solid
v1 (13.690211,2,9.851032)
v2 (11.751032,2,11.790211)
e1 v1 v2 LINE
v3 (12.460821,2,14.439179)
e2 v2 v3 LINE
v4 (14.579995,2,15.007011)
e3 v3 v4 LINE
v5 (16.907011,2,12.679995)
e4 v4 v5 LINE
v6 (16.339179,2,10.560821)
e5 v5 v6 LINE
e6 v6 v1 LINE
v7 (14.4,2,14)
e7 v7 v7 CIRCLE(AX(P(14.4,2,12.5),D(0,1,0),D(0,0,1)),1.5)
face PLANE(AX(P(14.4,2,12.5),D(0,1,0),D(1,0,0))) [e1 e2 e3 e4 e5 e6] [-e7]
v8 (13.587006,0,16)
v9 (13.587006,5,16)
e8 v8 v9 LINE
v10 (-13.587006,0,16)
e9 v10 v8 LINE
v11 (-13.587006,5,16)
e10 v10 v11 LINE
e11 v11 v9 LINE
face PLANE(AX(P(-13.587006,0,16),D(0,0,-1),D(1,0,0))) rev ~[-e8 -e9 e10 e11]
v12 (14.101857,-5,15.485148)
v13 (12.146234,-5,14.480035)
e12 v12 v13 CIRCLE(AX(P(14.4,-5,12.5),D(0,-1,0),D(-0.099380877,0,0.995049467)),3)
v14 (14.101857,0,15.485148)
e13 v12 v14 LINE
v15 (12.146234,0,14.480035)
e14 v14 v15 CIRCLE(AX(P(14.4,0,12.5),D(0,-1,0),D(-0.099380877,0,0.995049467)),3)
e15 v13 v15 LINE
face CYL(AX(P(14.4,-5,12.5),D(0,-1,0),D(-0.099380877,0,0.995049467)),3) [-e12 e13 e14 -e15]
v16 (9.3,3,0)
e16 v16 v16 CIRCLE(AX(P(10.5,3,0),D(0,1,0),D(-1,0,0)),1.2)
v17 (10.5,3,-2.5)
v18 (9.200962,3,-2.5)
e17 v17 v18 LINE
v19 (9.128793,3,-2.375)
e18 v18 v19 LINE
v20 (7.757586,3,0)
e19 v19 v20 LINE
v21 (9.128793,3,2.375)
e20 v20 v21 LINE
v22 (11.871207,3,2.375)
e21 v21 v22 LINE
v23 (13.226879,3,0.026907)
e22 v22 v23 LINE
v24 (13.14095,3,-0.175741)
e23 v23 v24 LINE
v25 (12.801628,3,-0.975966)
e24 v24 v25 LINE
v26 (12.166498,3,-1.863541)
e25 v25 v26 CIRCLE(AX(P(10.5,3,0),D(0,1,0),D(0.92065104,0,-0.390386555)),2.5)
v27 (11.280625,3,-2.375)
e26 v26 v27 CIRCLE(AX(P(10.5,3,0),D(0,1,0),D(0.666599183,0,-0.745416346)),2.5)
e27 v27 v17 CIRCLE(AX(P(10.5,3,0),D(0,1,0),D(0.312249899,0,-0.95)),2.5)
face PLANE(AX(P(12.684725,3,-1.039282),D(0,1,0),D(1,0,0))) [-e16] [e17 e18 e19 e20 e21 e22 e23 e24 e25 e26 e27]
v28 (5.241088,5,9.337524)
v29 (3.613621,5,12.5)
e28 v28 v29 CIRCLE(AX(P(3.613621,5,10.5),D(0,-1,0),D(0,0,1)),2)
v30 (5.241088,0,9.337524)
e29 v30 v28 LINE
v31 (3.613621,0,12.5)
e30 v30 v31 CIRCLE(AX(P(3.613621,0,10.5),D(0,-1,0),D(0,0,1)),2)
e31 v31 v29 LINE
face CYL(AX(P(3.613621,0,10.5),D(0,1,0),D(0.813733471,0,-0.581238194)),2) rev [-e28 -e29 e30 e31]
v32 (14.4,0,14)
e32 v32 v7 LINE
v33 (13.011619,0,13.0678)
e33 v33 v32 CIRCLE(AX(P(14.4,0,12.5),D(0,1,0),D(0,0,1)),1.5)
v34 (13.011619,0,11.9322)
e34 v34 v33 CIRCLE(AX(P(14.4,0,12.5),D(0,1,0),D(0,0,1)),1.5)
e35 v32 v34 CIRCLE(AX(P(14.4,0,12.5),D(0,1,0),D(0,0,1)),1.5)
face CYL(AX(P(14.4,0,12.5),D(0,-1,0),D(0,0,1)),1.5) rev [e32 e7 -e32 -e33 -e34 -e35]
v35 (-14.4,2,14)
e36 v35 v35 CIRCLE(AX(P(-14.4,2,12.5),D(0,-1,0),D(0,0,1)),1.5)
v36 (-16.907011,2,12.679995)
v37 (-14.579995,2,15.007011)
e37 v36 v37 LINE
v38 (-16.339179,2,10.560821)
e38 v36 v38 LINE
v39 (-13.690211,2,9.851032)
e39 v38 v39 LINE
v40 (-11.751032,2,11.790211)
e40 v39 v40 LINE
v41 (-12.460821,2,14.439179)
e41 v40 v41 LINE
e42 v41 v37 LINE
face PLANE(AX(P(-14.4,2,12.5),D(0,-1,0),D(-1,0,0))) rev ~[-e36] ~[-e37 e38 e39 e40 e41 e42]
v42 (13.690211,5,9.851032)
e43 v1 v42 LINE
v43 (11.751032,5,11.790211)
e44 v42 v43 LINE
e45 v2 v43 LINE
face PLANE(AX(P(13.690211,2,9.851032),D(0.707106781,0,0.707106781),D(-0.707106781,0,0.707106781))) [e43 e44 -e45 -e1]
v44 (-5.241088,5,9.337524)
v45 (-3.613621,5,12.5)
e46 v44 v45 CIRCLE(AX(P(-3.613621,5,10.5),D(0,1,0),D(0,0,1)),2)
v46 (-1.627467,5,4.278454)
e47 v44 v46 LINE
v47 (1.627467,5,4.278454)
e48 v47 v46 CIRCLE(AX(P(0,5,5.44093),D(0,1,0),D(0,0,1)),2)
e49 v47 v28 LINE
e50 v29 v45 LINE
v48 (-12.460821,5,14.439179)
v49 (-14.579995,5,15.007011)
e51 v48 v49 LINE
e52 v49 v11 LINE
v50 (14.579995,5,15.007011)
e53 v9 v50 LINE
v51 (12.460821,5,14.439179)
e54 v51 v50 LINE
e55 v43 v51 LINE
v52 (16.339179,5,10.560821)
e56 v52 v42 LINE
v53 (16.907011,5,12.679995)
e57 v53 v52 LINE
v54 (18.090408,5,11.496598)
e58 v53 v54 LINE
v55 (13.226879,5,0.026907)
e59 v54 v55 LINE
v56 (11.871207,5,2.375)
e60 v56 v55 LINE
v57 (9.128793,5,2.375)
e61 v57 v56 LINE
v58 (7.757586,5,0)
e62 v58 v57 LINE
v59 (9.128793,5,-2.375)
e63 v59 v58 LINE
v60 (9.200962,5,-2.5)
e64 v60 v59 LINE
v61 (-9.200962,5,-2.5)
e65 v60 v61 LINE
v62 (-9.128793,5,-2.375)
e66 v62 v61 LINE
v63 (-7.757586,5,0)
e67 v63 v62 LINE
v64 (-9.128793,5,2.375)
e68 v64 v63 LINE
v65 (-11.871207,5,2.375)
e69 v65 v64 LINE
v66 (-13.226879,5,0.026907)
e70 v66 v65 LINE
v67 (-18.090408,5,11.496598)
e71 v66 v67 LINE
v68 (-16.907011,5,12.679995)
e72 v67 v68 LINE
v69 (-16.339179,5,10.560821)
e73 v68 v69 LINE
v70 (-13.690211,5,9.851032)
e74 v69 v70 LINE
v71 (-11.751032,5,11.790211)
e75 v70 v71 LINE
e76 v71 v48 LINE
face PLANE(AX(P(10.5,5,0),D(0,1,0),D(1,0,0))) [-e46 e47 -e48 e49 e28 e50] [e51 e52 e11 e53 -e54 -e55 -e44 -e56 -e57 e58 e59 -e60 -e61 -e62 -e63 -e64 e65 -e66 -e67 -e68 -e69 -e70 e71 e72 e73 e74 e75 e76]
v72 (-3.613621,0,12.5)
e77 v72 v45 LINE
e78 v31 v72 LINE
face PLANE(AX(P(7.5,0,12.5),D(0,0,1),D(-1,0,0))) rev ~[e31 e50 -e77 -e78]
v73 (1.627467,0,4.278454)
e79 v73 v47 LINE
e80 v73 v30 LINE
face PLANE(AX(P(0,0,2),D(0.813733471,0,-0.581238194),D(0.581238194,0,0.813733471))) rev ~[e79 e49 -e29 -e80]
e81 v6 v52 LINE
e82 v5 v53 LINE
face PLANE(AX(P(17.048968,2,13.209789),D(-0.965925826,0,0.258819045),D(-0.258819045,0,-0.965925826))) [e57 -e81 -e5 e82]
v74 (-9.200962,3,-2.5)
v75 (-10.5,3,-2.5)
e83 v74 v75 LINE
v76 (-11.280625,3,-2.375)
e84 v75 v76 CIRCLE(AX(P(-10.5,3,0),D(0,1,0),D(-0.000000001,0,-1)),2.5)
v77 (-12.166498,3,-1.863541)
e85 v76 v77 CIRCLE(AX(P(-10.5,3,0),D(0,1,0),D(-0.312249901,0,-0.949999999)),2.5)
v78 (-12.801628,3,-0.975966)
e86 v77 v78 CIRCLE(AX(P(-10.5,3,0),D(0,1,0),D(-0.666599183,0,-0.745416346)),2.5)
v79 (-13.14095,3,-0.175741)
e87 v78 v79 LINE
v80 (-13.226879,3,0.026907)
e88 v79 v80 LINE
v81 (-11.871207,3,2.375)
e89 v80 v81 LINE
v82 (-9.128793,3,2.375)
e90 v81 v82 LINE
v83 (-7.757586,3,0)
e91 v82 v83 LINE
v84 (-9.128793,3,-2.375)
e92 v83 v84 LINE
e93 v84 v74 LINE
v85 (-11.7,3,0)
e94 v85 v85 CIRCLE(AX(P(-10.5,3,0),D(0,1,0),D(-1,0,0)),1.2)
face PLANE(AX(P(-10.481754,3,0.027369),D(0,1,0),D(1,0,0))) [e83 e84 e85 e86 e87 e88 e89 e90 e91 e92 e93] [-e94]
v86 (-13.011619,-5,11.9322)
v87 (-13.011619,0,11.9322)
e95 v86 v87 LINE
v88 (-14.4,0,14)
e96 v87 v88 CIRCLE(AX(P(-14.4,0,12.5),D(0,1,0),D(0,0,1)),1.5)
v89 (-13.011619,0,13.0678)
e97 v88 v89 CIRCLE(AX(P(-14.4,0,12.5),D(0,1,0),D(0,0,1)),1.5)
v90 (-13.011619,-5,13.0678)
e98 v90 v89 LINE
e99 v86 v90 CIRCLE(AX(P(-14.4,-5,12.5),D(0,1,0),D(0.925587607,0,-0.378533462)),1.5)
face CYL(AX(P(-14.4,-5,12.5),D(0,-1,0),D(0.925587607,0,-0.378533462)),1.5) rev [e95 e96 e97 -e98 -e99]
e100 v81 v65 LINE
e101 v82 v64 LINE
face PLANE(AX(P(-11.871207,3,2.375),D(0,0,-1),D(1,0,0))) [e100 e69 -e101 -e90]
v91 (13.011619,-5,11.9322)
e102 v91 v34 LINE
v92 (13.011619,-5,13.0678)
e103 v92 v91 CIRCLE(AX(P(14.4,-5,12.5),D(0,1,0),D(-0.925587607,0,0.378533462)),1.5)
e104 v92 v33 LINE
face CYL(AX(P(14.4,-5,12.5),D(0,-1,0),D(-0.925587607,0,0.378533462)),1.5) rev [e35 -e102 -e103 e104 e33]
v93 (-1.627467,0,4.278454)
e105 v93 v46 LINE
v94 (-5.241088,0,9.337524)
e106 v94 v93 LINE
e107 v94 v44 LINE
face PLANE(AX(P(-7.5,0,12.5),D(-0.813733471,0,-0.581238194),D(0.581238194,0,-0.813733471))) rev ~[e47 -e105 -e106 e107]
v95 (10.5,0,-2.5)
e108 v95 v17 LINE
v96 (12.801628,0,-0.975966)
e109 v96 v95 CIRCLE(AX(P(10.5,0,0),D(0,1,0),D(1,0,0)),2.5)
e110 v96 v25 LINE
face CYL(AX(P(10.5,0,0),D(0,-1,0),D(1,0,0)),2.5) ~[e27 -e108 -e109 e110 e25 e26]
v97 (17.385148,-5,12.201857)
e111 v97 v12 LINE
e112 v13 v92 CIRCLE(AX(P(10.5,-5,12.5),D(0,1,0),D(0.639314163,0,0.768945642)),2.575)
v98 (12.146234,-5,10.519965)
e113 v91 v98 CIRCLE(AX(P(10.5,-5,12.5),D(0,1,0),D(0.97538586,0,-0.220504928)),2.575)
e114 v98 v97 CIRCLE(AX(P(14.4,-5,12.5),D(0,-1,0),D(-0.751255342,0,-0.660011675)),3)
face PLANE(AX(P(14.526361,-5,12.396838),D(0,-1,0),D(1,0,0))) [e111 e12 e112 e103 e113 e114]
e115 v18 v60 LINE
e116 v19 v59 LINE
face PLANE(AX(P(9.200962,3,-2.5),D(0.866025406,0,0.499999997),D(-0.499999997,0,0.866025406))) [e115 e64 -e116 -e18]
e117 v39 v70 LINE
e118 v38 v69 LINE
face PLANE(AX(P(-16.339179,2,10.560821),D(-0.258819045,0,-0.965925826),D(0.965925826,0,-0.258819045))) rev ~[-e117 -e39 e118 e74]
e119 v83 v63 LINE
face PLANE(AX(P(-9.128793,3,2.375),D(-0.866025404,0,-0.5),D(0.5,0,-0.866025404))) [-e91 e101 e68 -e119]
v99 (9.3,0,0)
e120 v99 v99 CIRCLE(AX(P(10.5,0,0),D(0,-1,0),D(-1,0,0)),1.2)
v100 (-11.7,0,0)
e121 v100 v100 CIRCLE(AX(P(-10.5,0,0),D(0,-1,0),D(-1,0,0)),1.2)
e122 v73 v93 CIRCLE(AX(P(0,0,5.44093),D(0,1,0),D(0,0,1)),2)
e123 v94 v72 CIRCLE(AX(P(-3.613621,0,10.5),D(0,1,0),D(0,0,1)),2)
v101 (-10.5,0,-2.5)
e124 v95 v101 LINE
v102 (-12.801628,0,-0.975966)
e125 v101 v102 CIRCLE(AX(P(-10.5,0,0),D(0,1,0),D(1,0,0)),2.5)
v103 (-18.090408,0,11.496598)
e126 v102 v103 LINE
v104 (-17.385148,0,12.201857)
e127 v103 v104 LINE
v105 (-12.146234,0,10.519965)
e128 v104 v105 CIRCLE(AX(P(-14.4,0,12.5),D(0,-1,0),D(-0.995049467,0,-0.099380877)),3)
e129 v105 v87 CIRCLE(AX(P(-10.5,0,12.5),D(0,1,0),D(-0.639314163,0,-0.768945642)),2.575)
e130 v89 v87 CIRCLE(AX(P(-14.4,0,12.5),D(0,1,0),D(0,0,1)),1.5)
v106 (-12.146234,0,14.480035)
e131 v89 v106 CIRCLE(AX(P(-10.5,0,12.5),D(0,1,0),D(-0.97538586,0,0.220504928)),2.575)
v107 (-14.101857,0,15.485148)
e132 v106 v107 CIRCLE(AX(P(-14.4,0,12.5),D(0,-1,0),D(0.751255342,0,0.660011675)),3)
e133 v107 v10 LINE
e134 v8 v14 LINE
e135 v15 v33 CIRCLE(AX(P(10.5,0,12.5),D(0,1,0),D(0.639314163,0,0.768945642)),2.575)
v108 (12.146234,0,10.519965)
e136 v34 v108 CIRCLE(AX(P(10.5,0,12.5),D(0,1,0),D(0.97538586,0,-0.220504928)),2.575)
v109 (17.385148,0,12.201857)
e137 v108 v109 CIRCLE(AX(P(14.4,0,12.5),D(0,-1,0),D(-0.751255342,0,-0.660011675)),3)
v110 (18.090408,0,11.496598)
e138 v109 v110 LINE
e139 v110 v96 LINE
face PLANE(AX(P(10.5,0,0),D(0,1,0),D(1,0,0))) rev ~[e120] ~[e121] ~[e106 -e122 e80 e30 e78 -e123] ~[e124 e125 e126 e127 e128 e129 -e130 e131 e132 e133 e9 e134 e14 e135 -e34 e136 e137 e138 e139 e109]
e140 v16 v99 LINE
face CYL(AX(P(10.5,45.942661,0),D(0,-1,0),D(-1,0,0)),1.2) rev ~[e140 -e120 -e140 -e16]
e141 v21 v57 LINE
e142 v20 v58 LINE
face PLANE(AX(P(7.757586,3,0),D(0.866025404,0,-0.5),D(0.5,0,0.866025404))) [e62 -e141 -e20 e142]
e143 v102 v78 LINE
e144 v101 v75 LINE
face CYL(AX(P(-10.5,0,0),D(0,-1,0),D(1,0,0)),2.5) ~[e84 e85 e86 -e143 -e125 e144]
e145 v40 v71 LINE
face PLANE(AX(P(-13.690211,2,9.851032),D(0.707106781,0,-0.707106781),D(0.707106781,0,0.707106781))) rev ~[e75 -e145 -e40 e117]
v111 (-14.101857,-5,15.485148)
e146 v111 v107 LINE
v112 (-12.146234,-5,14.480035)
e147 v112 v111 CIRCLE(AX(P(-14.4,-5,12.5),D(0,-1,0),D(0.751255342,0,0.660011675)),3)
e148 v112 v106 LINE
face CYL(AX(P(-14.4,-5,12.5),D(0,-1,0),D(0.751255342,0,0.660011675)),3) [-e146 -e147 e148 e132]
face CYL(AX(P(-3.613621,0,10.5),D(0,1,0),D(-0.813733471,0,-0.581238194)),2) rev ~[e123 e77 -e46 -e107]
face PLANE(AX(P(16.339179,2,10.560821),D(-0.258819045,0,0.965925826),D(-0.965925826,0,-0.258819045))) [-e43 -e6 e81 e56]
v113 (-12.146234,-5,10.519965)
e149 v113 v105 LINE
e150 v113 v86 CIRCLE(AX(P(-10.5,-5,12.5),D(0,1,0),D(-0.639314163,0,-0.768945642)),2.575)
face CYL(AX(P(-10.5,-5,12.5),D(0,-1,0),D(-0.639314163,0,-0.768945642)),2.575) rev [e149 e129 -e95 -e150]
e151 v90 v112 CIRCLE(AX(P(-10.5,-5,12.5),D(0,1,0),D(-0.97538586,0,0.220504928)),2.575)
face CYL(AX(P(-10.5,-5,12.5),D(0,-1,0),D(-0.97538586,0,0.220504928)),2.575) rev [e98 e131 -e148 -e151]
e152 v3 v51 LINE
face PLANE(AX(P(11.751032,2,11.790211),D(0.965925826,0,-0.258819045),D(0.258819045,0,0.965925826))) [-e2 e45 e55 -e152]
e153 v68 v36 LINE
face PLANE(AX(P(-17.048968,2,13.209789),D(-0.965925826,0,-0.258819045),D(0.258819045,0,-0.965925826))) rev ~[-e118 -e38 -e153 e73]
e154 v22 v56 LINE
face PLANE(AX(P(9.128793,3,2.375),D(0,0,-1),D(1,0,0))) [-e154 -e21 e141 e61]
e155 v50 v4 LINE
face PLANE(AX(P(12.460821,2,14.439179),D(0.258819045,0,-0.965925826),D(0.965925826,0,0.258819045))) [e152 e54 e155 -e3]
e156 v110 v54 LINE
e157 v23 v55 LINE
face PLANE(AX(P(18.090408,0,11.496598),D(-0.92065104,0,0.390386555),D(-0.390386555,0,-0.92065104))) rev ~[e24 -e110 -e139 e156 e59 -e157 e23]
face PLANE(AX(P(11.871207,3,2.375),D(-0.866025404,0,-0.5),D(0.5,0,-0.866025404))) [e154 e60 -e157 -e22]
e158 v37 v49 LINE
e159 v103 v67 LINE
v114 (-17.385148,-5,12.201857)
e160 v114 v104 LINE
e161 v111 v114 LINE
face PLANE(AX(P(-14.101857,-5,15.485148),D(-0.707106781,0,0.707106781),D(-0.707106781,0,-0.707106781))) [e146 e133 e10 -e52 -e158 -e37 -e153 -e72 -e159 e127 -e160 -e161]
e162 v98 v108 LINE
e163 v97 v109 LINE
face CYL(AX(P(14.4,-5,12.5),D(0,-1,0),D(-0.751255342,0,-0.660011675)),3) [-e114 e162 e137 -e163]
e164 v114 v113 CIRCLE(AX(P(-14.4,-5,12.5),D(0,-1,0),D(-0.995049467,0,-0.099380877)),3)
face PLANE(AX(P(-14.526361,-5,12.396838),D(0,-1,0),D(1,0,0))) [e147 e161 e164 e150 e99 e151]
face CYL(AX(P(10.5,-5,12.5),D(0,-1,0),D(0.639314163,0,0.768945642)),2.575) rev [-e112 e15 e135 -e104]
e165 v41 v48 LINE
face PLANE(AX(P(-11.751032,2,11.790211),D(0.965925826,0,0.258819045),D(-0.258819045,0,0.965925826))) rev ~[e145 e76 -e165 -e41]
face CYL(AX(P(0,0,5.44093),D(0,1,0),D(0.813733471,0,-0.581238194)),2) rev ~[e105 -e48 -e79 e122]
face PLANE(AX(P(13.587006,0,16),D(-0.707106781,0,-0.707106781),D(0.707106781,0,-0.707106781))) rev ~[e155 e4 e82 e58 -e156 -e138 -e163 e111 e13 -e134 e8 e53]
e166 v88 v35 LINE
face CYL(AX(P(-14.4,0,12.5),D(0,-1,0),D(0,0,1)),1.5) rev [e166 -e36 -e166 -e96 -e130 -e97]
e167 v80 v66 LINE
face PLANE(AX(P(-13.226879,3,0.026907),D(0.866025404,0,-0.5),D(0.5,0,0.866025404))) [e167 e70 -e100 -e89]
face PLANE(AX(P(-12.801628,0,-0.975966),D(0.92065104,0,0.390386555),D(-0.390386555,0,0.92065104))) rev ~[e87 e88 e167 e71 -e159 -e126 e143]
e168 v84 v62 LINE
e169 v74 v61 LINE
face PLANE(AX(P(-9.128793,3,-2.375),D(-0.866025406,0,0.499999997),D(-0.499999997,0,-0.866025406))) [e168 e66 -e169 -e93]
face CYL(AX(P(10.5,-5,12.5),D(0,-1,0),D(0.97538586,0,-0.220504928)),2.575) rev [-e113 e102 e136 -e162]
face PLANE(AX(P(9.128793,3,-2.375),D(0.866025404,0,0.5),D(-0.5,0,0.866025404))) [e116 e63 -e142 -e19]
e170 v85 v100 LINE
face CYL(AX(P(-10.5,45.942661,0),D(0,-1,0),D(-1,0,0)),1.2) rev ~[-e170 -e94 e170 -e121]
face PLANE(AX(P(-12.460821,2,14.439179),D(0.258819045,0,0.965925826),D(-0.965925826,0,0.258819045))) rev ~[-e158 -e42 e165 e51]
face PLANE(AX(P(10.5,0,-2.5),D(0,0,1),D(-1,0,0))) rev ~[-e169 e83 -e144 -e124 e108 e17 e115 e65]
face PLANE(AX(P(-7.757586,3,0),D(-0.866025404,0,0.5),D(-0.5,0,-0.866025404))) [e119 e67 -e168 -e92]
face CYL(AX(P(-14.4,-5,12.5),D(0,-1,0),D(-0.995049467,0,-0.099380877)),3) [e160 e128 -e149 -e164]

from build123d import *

# Parameters (mm, degrees)
SKETCH1_R            = 1.5
SKETCH1_R_2          = 2.5
BOSS_EXTRUDE1_DEPTH  = 5
M2_CLEARANCE_HOLE1_D = 2.4
FILLET1_R            = 2
BOSS_EXTRUDE2_START  = 5
BOSS_EXTRUDE2_DEPTH  = 5
CUT_EXTRUDE1_START   = -3
SKETCH5_R            = 1.5
CUT_EXTRUDE1_DEPTH   = 3
CUT_EXTRUDE2_START   = -2
SKETCH6_R            = 1.2
CUT_EXTRUDE2_DEPTH   = 2


with BuildPart() as part:
    # Sketch1 → Boss-Extrude1 (new body)
    # profile 1 of 3: a face of its own
    with BuildSketch(Plane(origin=(0, 0, 0), x_dir=(1, 0, 0), z_dir=(0, 1, 0))):
        with BuildLine():
            Line((10.5, 2.5), (-10.5, 2.5))
            ThreePointArc((-10.5, 2.5), (-8.732233047, 1.767766953), (-8, 0))
            ThreePointArc((-8, 0), (-10.997961344, -2.449904998), (-12.8016276, 0.975966388))
            Line((-12.8016276, 0.975966388), (-18.090408136, -11.496597633))
            Line((-18.090408136, -11.496597633), (-13.587005769, -16))
            Line((-13.587005769, -16), (13.587005769, -16))
            Line((13.587005769, -16), (18.090408136, -11.496597633))
            Line((18.090408136, -11.496597633), (12.8016276, 0.975966388))
            ThreePointArc((12.8016276, 0.975966388), (12.949904998, 0.497961344), (13, 0))
            ThreePointArc((13, 0), (8.732233047, -1.767766953), (10.5, 2.5))
        make_face()
        with Locations(Location((-14.4, -12.5, 0), (0, 0, 270))):
            Circle(SKETCH1_R, mode=Mode.SUBTRACT)
        with Locations(Location((14.4, -12.5, 0), (0, 0, 270))):
            Circle(SKETCH1_R, mode=Mode.SUBTRACT)
        Polygon((-7.5, -12.5), (0, -2), (7.5, -12.5), align=None, mode=Mode.SUBTRACT)
    # profile 2 of 3: a face of its own
    with BuildSketch(Plane(origin=(0, 0, 0), x_dir=(1, 0, 0), z_dir=(0, 1, 0))):
        with Locations((-10.5, 0)):
            Circle(SKETCH1_R_2)
    # profile 3 of 3: a face of its own
    with BuildSketch(Plane(origin=(0, 0, 0), x_dir=(1, 0, 0), z_dir=(0, 1, 0))):
        with Locations((10.5, 0)):
            Circle(SKETCH1_R_2)
    extrude(amount=BOSS_EXTRUDE1_DEPTH)

    # M2 Clearance Hole1 (through all)
    with Locations(Plane(origin=(0, 5, 0), x_dir=(1, 0, 0), z_dir=(0, 1, 0))):
        with Locations((-10.5, 0), (10.5, 0)):
            Hole(M2_CLEARANCE_HOLE1_D / 2)

    # Fillet1
    fillet1_edges = [part.edges().sort_by_distance(p)[0] for p in [
        (0, 2.5, 2),
        (-7.5, 2.5, 12.5),
        (7.5, 2.5, 12.5),
    ]]
    fillet(fillet1_edges, radius=FILLET1_R)

    # Sketch4 → Boss-Extrude2 (add)
    with BuildSketch(Plane.XZ.offset(BOSS_EXTRUDE2_START)):
        with BuildLine():
            Line((-14.101857368, 15.4851484), (-17.3851484, 12.201857368))
            ThreePointArc((-17.3851484, 12.201857368), (-15.317017203, 9.643589762), (-12.146233974, 10.519964975))
            ThreePointArc((-12.146233974, 10.519964975), (-12.695571974, 11.154604627), (-13.01161859, 11.932199807))
            ThreePointArc((-13.01161859, 11.932199807), (-15.9, 12.5), (-13.01161859, 13.067800193))
            ThreePointArc((-13.01161859, 13.067800193), (-12.695571974, 13.845395373), (-12.146233974, 14.480035025))
            ThreePointArc((-12.146233974, 14.480035025), (-13.028642033, 15.168216132), (-14.101857368, 15.4851484))
        make_face()
        with BuildLine():
            ThreePointArc((12.146233974, 10.519964975), (15.317017203, 9.643589762), (17.3851484, 12.201857368))
            Line((17.3851484, 12.201857368), (14.101857368, 15.4851484))
            ThreePointArc((14.101857368, 15.4851484), (13.028642033, 15.168216132), (12.146233974, 14.480035025))
            ThreePointArc((12.146233974, 14.480035025), (12.695571974, 13.845395373), (13.01161859, 13.067800193))
            ThreePointArc((13.01161859, 13.067800193), (15.9, 12.5), (13.01161859, 11.932199807))
            ThreePointArc((13.01161859, 11.932199807), (12.695571974, 11.154604627), (12.146233974, 10.519964975))
        make_face()
    extrude(amount=-BOSS_EXTRUDE2_DEPTH)

    # Sketch5 → Cut-Extrude1 (cut)
    # profile 1 of 2: a face of its own
    with BuildSketch(Plane(origin=(0, 5, 0), x_dir=(1, 0, 0), z_dir=(0, 1, 0)).offset(CUT_EXTRUDE1_START)):
        Polygon((15.109788915, -15.148968295), (17.048968295, -13.209788915), (16.33917938, -10.56082062), (13.690211085, -9.851031705), (11.751031705, -11.790211085), (12.46082062, -14.43917938), align=None)
        with Locations(Location((14.4, -12.5, 0), (0, 0, 157.757128517))):
            Circle(SKETCH5_R, mode=Mode.SUBTRACT)
    # profile 2 of 2: a face of its own
    with BuildSketch(Plane(origin=(0, 5, 0), x_dir=(1, 0, 0), z_dir=(0, 1, 0)).offset(CUT_EXTRUDE1_START)):
        Polygon((-12.46082062, -14.43917938), (-15.109788915, -15.148968295), (-17.048968295, -13.209788915), (-16.33917938, -10.56082062), (-13.690211085, -9.851031705), (-11.751031705, -11.790211085), align=None)
    extrude(amount=CUT_EXTRUDE1_DEPTH, mode=Mode.SUBTRACT)

    # Sketch6 → Cut-Extrude2 (cut)
    # profile 1 of 6: a face of its own
    with BuildSketch(Plane(origin=(0, 5, 0), x_dir=(1, 0, 0), z_dir=(0, 1, 0)).offset(CUT_EXTRUDE2_START)):
        with BuildLine():
            Line((-7.757586221, 0), (-9.128793111, 2.375))
            Line((-9.128793111, 2.375), (-11.28062475, 2.375))
            ThreePointArc((-11.28062475, 2.375), (-11.75, 2.165063509), (-12.166497959, 1.863540864))
            Line((-12.166497959, 1.863540864), (-13.140949749, 0.175740855))
            Line((-13.140949749, 0.175740855), (-13.226879096, -0.026906859))
            Line((-13.226879096, -0.026906859), (-11.871206889, -2.375))
            Line((-11.871206889, -2.375), (-9.128793111, -2.375))
            Line((-9.128793111, -2.375), (-7.757586221, 0))
        make_face()
        with Locations(Location((-10.5, 0, 0), (0, 0, 270))):
            Circle(SKETCH6_R, mode=Mode.SUBTRACT)
    # profile 2 of 6: a face of its own
    with BuildSketch(Plane(origin=(0, 5, 0), x_dir=(1, 0, 0), z_dir=(0, 1, 0)).offset(CUT_EXTRUDE2_START)):
        with BuildLine():
            Line((-13.140949749, 0.175740855), (-12.166497959, 1.863540864))
            ThreePointArc((-12.166497959, 1.863540864), (-12.533089331, 1.454835995), (-12.8016276, 0.975966388))
            Line((-12.8016276, 0.975966388), (-13.140949749, 0.175740855))
        make_face()
    # profile 3 of 6: a face of its own
    with BuildSketch(Plane(origin=(0, 5, 0), x_dir=(1, 0, 0), z_dir=(0, 1, 0)).offset(CUT_EXTRUDE2_START)):
        with BuildLine():
            Line((-9.128793111, 2.375), (-9.200961894, 2.5))
            Line((-9.200961894, 2.5), (-10.5, 2.5))
            ThreePointArc((-10.5, 2.5), (-10.895284708, 2.468552207), (-11.28062475, 2.375))
            Line((-11.28062475, 2.375), (-9.128793111, 2.375))
        make_face()
    # profile 4 of 6: a face of its own
    with BuildSketch(Plane(origin=(0, 5, 0), x_dir=(1, 0, 0), z_dir=(0, 1, 0)).offset(CUT_EXTRUDE2_START)):
        with BuildLine():
            Line((7.757586221, 0), (9.128793111, -2.375))
            Line((9.128793111, -2.375), (11.871206889, -2.375))
            Line((11.871206889, -2.375), (13.226879096, -0.026906859))
            Line((13.226879096, -0.026906859), (13.140949749, 0.175740855))
            Line((13.140949749, 0.175740855), (12.166497959, 1.863540864))
            ThreePointArc((12.166497959, 1.863540864), (11.75, 2.165063509), (11.28062475, 2.375))
            Line((11.28062475, 2.375), (9.128793111, 2.375))
            Line((9.128793111, 2.375), (7.757586221, 0))
        make_face()
        with Locations(Location((10.5, 0, 0), (0, 0, 270))):
            Circle(SKETCH6_R, mode=Mode.SUBTRACT)
    # profile 5 of 6: a face of its own
    with BuildSketch(Plane(origin=(0, 5, 0), x_dir=(1, 0, 0), z_dir=(0, 1, 0)).offset(CUT_EXTRUDE2_START)):
        with BuildLine():
            Line((12.166497959, 1.863540864), (13.140949749, 0.175740855))
            Line((13.140949749, 0.175740855), (12.8016276, 0.975966388))
            ThreePointArc((12.8016276, 0.975966388), (12.533089331, 1.454835995), (12.166497959, 1.863540864))
        make_face()
    # profile 6 of 6: a face of its own
    with BuildSketch(Plane(origin=(0, 5, 0), x_dir=(1, 0, 0), z_dir=(0, 1, 0)).offset(CUT_EXTRUDE2_START)):
        with BuildLine():
            Line((9.200961894, 2.5), (9.128793111, 2.375))
            Line((9.128793111, 2.375), (11.28062475, 2.375))
            ThreePointArc((11.28062475, 2.375), (10.895284708, 2.468552207), (10.5, 2.5))
            Line((10.5, 2.5), (9.200961894, 2.5))
        make_face()
    extrude(amount=CUT_EXTRUDE2_DEPTH, mode=Mode.SUBTRACT)


solid = part.part
